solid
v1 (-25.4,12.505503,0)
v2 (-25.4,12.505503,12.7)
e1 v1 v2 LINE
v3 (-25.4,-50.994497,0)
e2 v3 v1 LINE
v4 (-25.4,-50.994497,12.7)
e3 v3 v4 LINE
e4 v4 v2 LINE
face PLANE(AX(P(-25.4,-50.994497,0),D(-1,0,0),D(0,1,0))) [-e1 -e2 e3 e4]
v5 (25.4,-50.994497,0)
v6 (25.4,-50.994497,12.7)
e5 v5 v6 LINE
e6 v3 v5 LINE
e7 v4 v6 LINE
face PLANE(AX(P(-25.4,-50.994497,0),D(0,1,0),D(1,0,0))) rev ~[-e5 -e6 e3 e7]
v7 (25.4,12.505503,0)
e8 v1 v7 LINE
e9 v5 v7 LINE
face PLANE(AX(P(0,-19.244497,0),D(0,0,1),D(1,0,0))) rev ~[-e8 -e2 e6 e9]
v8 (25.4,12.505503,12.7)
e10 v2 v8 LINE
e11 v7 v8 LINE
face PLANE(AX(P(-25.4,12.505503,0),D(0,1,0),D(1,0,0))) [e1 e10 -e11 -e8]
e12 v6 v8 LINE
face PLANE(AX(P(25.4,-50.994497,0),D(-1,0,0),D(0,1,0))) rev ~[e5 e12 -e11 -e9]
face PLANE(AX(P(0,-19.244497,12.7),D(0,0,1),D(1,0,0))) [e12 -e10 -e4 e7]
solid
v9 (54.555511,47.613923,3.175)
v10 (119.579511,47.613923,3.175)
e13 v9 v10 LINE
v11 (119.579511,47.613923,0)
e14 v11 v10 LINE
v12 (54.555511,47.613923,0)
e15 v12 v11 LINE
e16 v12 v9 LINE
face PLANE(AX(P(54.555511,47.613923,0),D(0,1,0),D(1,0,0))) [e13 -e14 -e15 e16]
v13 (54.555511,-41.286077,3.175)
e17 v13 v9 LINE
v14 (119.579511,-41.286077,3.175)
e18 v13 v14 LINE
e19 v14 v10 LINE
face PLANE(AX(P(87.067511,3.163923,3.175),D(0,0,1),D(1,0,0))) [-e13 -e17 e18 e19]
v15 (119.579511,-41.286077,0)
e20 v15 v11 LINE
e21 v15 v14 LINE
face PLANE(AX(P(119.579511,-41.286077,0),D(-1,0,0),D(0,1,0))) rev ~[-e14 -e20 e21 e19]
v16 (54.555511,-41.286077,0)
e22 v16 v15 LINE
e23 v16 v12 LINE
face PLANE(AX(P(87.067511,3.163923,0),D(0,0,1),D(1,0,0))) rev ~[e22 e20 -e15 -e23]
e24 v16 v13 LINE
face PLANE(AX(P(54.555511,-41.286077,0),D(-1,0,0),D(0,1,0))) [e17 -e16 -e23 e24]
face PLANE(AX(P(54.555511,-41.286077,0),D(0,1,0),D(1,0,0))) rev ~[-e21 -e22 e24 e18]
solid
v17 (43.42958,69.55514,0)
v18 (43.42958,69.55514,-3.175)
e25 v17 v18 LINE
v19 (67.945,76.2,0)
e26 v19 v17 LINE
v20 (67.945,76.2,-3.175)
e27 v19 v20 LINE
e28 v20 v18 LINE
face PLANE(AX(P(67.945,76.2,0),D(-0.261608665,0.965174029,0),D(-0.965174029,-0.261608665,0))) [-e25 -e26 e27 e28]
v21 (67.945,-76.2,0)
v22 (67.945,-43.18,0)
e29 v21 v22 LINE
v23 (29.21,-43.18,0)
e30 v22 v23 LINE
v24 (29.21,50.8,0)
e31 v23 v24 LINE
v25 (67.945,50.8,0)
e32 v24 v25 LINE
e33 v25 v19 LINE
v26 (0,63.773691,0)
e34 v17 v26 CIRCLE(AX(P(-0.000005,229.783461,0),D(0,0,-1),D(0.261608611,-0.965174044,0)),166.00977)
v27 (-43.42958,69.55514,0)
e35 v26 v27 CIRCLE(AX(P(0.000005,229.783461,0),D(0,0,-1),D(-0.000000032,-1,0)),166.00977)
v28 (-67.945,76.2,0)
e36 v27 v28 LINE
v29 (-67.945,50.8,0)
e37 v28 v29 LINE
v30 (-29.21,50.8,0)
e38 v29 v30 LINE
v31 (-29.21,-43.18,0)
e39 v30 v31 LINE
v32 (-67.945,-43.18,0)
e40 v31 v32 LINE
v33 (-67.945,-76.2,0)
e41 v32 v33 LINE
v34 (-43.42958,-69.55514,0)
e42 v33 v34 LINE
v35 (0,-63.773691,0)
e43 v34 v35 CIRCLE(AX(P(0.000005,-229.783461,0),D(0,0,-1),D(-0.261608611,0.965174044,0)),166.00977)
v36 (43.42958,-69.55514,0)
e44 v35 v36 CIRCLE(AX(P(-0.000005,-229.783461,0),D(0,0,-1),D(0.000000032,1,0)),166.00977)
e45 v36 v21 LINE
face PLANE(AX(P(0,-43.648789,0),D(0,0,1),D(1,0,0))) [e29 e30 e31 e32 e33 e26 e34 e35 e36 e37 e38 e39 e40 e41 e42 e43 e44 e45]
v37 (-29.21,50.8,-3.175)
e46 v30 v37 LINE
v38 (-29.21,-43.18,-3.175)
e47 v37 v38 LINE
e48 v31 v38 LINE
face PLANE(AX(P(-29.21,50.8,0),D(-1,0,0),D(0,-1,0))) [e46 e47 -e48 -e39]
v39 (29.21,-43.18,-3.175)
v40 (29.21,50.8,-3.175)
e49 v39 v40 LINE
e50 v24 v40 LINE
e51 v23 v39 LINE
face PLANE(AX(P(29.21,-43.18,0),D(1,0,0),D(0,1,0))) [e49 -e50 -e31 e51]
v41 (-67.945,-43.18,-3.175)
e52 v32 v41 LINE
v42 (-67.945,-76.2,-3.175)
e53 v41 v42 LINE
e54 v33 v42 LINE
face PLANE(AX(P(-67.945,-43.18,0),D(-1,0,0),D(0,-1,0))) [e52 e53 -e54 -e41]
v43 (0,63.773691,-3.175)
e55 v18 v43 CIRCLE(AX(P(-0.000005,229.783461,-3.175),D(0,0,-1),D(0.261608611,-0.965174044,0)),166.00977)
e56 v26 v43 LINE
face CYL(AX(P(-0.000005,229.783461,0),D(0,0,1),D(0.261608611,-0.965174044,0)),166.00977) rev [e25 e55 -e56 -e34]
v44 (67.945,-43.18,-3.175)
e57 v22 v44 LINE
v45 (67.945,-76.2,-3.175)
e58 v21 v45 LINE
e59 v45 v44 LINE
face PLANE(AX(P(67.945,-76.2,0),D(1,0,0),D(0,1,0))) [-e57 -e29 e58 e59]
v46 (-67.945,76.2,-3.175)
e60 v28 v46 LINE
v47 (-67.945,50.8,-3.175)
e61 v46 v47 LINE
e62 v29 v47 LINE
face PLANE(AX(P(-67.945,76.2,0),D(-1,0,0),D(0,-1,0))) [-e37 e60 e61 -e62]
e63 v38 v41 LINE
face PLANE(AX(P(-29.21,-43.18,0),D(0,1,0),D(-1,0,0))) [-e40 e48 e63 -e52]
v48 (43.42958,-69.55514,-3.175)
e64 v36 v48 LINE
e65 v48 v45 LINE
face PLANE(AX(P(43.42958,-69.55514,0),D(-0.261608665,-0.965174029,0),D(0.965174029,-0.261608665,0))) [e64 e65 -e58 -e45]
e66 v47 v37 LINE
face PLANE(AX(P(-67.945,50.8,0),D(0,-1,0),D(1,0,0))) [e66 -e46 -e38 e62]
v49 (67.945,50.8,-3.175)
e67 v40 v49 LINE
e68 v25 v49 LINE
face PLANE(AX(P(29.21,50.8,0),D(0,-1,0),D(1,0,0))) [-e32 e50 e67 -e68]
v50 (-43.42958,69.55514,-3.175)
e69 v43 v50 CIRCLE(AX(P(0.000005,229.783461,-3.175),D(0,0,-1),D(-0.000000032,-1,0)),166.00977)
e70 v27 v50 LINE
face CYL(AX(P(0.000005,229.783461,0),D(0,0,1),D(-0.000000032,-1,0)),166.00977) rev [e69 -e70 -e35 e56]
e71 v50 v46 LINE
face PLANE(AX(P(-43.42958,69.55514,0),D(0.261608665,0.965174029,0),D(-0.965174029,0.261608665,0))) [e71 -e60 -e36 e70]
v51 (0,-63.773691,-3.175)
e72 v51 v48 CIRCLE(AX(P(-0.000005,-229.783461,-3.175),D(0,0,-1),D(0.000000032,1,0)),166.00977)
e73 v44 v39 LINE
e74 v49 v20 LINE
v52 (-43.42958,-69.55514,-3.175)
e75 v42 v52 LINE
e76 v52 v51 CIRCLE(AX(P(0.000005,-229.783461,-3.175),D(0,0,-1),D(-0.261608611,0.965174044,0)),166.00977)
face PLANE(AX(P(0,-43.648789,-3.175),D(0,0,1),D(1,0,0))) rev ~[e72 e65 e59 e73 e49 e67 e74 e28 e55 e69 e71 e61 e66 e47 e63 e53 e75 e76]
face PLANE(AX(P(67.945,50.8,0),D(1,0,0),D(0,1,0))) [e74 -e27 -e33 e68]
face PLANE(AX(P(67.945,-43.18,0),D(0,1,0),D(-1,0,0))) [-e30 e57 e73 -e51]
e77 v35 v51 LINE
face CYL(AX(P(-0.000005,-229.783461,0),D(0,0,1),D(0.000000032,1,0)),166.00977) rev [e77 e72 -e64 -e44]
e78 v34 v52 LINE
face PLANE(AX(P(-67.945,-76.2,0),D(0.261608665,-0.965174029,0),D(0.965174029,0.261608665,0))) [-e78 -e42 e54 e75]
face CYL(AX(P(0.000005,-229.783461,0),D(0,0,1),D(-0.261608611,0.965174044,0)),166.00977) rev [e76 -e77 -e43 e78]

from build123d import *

# Parameters (mm, degrees)
F1_DEPTH = 3.175
F2_W     = 50.8
F2_H     = 63.5
F3_DEPTH = 12.7
F4_W     = 65.024
F4_H     = 88.9
F5_DEPTH = 3.175


with BuildPart() as f1:
    # F0 (on Top) → F1 (new body)
    with BuildSketch(Plane.XY):
        with BuildLine():
            Line((29.21, 0), (-29.21, 0))
            Line((-29.21, 0), (-29.21, -43.18))
            Line((-29.21, -43.18), (-67.945, -43.18))
            Line((-67.945, -43.18), (-67.945, -76.2))
            Line((-67.945, -76.2), (-43.42958, -69.55514))
            ThreePointArc((-43.42958, -69.55514), (-21.906355, -65.225401), (0, -63.773691))
            ThreePointArc((0, -63.773691), (21.906355, -65.225401), (43.42958, -69.55514))
            Line((43.42958, -69.55514), (67.945, -76.2))
            Line((67.945, -76.2), (67.945, -43.18))
            Line((67.945, -43.18), (29.21, -43.18))
            Line((29.21, -43.18), (29.21, 0))
        make_face()
        with BuildLine():
            Line((-43.42958, 69.55514), (-67.945, 76.2))
            Line((-67.945, 76.2), (-67.945, 50.8))
            Line((-67.945, 50.8), (-29.21, 50.8))
            Line((-29.21, 50.8), (-29.21, 40.64))
            Line((-29.21, 40.64), (-29.21, 17.145))
            Line((-29.21, 17.145), (-29.21, 0))
            Line((-29.21, 0), (29.21, 0))
            Line((29.21, 0), (29.21, 17.145))
            Line((29.21, 17.145), (29.21, 40.64))
            Line((29.21, 40.64), (29.21, 50.8))
            Line((29.21, 50.8), (67.945, 50.8))
            Line((67.945, 50.8), (67.945, 76.2))
            Line((67.945, 76.2), (43.42958, 69.55514))
            ThreePointArc((43.42958, 69.55514), (21.906355, 65.225401), (0, 63.773691))
            ThreePointArc((0, 63.773691), (-21.906355, 65.225401), (-43.42958, 69.55514))
        make_face()
    extrude(amount=-F1_DEPTH)


with BuildPart() as f3:
    # F2 (on face) → F3 (new body)
    with BuildSketch(Plane.XY):
        with Locations((0, -19.244497)):
            Rectangle(F2_W, F2_H)
    extrude(amount=F3_DEPTH)


with BuildPart() as f5:
    # F4 (on Top) → F5 (new body)
    with BuildSketch(Plane.XY):
        with Locations((87.067511, 3.163923)):
            Rectangle(F4_W, F4_H)
    extrude(amount=F5_DEPTH)


solid = Compound([f1.part, f3.part, f5.part])
